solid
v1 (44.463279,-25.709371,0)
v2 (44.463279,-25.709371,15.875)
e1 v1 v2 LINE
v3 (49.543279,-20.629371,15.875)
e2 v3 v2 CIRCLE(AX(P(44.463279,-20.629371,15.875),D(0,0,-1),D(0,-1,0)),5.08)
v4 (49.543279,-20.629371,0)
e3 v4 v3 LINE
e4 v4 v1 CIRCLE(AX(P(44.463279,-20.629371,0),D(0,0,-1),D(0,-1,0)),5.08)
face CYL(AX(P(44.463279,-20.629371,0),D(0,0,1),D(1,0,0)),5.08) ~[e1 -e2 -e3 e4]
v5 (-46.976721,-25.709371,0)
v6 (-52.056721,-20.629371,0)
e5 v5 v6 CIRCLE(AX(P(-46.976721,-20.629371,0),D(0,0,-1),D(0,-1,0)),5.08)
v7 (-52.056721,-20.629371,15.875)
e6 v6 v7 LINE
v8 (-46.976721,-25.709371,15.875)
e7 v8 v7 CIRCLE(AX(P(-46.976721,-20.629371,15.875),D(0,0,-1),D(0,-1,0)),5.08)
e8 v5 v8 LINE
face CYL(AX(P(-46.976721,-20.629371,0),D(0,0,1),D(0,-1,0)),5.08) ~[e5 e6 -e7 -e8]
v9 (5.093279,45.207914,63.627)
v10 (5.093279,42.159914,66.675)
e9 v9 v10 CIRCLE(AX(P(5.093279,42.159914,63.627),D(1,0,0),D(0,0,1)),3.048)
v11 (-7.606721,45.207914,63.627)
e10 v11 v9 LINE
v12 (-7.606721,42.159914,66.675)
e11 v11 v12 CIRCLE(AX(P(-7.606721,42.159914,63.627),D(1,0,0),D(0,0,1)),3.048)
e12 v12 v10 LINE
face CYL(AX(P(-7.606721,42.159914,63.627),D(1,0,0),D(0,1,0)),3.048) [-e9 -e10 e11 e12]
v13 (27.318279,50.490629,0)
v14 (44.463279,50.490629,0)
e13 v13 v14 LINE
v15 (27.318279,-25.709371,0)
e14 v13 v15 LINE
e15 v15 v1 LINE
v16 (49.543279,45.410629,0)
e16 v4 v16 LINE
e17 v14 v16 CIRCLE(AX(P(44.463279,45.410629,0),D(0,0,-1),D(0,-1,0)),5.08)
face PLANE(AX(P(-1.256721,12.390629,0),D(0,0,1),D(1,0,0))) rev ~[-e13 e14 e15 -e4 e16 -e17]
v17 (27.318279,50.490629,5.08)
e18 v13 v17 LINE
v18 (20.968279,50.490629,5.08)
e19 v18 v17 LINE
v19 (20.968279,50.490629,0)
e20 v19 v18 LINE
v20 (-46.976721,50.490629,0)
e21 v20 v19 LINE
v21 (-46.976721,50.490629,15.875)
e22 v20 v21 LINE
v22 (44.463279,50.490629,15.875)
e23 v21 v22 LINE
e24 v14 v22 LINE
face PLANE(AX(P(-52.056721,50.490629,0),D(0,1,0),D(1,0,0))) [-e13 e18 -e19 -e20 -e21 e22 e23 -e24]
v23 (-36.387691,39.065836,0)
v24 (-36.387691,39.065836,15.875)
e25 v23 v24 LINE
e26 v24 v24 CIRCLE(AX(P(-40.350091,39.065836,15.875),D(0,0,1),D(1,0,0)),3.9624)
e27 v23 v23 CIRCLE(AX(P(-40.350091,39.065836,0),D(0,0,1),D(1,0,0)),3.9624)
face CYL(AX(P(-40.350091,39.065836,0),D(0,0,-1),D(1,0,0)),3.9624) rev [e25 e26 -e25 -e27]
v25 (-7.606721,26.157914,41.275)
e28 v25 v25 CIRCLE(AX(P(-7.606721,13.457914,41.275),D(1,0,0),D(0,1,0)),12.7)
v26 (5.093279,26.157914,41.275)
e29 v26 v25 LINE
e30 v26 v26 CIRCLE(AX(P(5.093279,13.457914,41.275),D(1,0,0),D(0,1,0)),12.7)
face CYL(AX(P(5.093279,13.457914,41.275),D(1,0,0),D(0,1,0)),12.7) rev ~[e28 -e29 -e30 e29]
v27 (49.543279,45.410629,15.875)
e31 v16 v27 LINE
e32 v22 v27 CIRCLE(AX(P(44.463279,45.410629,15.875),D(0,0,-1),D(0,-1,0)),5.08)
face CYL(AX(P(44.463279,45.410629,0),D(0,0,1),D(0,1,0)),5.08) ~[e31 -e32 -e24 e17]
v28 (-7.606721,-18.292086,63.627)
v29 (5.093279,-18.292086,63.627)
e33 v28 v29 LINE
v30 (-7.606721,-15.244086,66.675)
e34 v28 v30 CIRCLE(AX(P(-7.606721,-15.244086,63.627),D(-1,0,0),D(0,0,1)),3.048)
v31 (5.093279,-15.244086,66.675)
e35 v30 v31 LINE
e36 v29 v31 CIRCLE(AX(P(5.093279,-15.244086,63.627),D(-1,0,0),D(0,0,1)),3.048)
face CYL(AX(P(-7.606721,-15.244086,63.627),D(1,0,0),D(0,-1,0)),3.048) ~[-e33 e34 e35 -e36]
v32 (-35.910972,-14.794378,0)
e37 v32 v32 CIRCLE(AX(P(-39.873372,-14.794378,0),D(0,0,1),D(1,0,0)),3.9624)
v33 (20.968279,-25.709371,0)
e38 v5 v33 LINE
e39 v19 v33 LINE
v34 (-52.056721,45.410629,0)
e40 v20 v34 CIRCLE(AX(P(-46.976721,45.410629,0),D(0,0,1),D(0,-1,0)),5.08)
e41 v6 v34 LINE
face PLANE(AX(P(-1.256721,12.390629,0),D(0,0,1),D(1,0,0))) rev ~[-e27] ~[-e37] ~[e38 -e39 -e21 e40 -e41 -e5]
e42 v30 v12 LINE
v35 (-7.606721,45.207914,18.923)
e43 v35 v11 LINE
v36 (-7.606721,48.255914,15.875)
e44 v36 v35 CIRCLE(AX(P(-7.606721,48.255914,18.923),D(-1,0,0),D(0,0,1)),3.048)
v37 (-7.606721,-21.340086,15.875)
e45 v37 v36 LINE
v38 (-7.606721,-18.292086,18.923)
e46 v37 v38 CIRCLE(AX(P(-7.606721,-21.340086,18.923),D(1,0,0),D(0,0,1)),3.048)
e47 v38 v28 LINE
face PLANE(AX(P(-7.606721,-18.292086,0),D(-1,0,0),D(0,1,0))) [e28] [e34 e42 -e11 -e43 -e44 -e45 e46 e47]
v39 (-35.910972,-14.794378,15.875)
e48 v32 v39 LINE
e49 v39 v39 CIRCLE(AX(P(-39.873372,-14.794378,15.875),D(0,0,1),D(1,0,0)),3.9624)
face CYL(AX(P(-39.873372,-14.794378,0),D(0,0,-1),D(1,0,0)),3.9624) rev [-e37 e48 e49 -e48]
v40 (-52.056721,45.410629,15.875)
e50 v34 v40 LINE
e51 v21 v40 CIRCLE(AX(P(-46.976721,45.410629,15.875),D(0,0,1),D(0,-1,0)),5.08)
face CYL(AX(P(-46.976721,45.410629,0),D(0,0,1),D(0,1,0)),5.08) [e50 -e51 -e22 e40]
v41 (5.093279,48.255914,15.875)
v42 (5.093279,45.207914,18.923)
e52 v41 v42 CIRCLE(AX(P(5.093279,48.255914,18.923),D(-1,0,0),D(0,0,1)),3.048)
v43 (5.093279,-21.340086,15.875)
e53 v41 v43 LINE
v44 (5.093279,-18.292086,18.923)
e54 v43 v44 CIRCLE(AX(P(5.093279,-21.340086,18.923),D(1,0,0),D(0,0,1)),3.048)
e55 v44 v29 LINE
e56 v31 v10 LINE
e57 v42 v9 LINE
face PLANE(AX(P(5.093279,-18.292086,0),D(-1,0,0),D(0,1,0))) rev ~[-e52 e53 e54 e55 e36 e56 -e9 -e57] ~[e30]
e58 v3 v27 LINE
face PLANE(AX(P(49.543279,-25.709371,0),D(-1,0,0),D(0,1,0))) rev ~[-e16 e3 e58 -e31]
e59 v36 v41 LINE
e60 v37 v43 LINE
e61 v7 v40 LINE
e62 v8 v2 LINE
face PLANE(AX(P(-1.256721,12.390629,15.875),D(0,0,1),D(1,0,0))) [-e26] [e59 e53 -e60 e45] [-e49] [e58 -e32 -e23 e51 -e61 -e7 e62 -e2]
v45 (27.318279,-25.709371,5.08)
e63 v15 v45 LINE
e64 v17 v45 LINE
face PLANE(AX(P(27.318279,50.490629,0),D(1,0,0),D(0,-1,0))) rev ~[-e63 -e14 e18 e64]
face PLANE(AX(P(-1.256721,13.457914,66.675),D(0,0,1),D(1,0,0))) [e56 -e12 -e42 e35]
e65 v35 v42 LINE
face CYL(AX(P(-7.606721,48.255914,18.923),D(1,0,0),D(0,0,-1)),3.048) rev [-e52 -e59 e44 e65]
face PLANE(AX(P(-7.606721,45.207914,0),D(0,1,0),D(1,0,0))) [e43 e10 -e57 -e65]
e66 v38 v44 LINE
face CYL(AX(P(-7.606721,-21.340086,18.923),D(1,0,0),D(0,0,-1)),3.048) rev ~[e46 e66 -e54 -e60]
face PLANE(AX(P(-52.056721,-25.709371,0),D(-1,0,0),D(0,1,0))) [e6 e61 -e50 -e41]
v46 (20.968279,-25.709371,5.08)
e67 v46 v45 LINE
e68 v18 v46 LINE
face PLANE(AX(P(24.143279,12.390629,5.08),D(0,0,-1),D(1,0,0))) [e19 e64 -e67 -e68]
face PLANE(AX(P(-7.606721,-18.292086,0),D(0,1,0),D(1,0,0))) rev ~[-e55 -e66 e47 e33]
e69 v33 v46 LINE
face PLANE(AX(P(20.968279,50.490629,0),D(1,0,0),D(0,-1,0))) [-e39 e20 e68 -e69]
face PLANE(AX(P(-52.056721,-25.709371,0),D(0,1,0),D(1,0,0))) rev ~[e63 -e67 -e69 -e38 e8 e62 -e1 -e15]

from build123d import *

# Parameters (mm, degrees)
F0_W     = 12.7
F0_H     = 63.5
F1_DEPTH = 66.675
F0_W_2   = 101.6
F0_H_2   = 76.2
F0_R     = 3.9624
F2_DEPTH = 15.875
F3_R     = 3.048
F4_R     = 5.08
F6_W     = 6.35
F6_H     = 76.2
F7_DEPTH = 5.08
F5_R     = 12.7
F8_DEPTH = 37.592


with BuildPart() as f1:
    # F0 (on Top) → F1 (new body)
    with BuildSketch(Plane.XY):
        with Locations((-1.256721, 13.457914)):
            Rectangle(F0_W, F0_H)
    extrude(amount=F1_DEPTH)

    # F0 (on Top) → F2 (join)
    with BuildSketch(Plane.XY):
        with Locations((-1.256721, 12.390629)):
            Rectangle(F0_W_2, F0_H_2)
        with Locations((-39.873372, -14.794378)):
            Circle(F0_R, mode=Mode.SUBTRACT)
        with Locations((-40.350091, 39.065836)):
            Circle(F0_R, mode=Mode.SUBTRACT)
        with Locations((-1.256721, 13.457914)):
            Rectangle(F0_W, F0_H, mode=Mode.SUBTRACT)
    extrude(amount=F2_DEPTH)

    # F3
    f3_edges = [f1.edges().sort_by_distance(p)[0] for p in [
        (-1.256721, -18.292086, 66.675),
        (-1.256721, 45.207914, 66.675),
        (-1.256721, -18.292086, 15.875),
        (-1.256721, 45.207914, 15.875),
    ]]
    fillet(f3_edges, radius=F3_R)

    # F4
    f4_edges = [f1.edges().sort_by_distance(p)[0] for p in [
        (-52.056721, -25.709371, 7.9375),
        (49.543279, -25.709371, 7.9375),
        (49.543279, 50.490629, 7.9375),
        (-52.056721, 50.490629, 7.9375),
    ]]
    fillet(f4_edges, radius=F4_R)

    # F6 (on face) → F7 (cut)
    with BuildSketch(Plane(origin=(0, 0, 0), x_dir=(1, 0, 0), z_dir=(0, 0, -1))):
        with Locations((24.143279, -12.390629)):
            Rectangle(F6_W, F6_H)
    extrude(amount=-F7_DEPTH, mode=Mode.SUBTRACT)

    # F5 (on face) → F8 (cut)
    with BuildSketch(Plane.YZ.offset(5.093279)):
        with Locations((13.457914, 41.275)):
            Circle(F5_R)
    extrude(amount=-F8_DEPTH, mode=Mode.SUBTRACT)


solid = f1.part
